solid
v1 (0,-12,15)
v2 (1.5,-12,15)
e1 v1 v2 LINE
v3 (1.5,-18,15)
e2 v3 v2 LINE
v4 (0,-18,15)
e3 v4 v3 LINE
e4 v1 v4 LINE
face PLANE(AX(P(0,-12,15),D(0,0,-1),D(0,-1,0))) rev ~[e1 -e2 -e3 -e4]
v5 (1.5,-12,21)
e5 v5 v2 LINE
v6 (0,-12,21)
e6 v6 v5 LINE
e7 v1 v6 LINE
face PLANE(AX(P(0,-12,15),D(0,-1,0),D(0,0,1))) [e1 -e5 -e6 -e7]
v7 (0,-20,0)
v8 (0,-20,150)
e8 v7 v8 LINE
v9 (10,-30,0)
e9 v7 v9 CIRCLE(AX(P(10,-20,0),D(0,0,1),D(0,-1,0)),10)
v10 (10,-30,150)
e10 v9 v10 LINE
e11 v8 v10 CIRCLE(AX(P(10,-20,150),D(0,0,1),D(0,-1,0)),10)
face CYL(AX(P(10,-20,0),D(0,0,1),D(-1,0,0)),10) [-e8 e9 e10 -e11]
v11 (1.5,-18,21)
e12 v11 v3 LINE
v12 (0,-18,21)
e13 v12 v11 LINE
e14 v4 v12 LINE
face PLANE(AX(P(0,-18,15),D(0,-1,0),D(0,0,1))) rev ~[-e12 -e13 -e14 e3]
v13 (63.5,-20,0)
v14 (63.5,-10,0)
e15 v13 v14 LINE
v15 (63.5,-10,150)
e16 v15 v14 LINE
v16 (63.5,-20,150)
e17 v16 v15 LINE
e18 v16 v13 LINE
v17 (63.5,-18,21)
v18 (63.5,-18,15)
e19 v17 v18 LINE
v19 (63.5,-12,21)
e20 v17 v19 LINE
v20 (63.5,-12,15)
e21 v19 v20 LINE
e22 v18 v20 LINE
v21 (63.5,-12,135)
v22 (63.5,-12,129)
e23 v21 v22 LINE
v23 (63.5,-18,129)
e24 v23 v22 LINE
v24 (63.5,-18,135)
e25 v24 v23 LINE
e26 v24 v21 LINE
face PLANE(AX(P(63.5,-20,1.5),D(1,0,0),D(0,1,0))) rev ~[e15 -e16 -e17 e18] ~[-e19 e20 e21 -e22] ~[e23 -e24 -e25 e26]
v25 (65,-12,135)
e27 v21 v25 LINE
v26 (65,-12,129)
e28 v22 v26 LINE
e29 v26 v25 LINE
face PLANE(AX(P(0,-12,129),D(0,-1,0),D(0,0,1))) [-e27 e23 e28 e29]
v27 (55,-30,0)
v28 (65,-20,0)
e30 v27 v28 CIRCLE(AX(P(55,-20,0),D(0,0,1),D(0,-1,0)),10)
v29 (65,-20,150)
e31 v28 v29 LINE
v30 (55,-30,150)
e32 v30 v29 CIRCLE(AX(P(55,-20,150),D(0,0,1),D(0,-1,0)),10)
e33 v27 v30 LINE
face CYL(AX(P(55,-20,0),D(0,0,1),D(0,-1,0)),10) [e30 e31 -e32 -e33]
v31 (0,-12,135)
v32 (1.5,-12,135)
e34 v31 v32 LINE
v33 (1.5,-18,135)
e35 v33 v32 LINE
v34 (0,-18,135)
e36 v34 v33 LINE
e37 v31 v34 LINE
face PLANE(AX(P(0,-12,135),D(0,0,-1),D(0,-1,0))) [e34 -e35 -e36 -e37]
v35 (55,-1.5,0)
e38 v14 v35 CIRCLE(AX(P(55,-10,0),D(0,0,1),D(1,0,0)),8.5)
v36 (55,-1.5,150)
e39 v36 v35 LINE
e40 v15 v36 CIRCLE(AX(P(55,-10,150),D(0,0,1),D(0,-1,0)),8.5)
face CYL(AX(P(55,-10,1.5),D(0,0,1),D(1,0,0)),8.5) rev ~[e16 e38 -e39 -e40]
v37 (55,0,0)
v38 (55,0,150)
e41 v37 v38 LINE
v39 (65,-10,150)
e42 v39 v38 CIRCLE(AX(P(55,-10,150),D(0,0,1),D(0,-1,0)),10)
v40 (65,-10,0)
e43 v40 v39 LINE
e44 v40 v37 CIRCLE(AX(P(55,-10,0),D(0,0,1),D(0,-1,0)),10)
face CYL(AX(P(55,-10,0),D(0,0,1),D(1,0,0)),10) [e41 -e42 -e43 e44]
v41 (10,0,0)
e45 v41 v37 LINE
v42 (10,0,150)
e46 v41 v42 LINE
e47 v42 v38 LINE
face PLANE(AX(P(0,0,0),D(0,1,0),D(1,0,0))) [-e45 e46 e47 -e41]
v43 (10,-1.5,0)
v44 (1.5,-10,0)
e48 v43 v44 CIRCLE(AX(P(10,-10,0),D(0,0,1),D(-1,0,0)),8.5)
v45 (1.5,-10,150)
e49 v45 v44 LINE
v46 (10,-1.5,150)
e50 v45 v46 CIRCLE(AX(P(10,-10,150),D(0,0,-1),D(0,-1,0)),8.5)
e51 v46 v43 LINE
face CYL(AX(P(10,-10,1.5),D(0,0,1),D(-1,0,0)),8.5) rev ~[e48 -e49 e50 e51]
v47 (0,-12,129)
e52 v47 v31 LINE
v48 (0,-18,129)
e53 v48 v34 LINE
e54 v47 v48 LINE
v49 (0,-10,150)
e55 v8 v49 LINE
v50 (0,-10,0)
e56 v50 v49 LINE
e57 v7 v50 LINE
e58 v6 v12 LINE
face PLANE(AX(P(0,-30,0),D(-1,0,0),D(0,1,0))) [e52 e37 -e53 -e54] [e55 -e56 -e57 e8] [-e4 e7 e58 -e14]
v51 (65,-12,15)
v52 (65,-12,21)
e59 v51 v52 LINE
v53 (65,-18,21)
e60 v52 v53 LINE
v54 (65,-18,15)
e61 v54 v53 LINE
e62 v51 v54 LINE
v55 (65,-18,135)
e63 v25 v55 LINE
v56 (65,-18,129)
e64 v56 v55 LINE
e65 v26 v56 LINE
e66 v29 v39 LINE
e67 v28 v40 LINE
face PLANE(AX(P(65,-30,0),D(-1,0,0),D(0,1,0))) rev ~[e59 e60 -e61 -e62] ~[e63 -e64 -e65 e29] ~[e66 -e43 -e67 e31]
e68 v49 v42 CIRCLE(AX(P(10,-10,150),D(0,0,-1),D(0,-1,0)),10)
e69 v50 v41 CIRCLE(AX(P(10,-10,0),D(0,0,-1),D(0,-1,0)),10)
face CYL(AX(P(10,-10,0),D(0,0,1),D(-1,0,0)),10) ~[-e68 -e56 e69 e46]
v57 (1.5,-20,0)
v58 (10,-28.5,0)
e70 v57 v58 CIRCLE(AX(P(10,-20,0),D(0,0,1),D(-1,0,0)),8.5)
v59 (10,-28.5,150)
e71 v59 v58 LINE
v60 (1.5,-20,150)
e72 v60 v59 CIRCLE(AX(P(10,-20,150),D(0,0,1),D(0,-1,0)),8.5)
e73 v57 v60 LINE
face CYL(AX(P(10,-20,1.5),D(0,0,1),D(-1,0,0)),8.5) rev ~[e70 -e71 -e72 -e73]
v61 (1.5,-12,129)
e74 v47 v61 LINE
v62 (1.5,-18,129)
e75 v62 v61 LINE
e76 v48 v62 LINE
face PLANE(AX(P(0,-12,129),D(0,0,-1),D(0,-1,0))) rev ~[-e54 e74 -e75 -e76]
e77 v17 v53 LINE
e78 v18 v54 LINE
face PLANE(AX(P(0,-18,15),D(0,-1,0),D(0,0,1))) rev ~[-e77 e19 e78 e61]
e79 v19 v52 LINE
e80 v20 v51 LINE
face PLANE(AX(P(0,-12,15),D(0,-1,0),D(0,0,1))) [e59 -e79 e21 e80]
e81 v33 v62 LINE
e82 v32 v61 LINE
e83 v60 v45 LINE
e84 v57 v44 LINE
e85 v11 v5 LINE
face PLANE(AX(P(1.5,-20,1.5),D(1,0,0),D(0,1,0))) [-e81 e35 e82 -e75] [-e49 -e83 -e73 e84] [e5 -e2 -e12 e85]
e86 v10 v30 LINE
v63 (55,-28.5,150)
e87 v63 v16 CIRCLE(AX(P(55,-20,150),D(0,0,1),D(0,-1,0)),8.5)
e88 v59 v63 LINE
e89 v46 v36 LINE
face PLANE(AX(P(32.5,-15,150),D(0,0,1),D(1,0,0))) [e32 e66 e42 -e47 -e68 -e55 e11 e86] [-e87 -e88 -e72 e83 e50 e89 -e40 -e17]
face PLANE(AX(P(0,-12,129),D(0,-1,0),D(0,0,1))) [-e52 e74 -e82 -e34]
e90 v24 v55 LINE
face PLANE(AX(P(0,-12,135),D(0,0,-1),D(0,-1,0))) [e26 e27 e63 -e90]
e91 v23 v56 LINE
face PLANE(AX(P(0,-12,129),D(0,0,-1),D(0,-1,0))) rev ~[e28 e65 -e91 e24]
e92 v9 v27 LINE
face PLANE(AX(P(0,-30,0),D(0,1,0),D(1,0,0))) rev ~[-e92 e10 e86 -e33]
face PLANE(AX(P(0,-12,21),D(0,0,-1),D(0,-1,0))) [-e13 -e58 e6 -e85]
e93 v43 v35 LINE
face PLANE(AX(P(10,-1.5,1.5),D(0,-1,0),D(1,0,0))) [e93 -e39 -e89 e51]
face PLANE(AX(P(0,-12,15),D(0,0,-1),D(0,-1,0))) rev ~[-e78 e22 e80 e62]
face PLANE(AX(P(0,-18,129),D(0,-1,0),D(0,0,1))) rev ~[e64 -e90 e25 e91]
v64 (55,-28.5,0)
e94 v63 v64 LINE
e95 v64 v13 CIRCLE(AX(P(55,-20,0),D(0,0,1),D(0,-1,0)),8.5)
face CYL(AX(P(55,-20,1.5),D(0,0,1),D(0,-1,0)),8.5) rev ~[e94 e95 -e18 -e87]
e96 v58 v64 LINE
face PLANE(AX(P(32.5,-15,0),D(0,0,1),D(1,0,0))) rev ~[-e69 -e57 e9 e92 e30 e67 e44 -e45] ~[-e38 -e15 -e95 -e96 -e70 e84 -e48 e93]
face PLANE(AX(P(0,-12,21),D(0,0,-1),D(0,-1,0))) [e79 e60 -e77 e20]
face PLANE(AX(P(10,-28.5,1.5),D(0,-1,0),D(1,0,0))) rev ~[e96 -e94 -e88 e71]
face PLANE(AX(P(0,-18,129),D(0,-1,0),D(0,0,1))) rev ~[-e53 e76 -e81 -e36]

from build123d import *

# Parameters (mm, degrees)
F0_W     = 65
F0_H     = 30
F1_DEPTH = 150
F2_R     = 10
F3_T     = -1.5
F4_DEPTH = 1.5
F5_W     = 6
F5_H     = 6
F6_DEPTH = 65.001


with BuildPart() as f1:
    # F0 (on Top) → F1 (new body)
    with BuildSketch(Plane.XY):
        with Locations((32.5, -15)):
            Rectangle(F0_W, F0_H)
    extrude(amount=F1_DEPTH)

    # F2
    f2_edges = [f1.edges().sort_by_distance(p)[0] for p in [
        (65, 0, 75),
        (65, -30, 75),
        (0, 0, 75),
        (0, -30, 75),
    ]]
    fillet(f2_edges, radius=F2_R)

    # F3
    f3_openings = [f1.faces().sort_by_distance(p)[0] for p in [
        (32.5, -15, 150),
    ]]
    offset(amount=F3_T, openings=f3_openings)

    # F4 (cut, through all): a face of the model
    f4_faces = [f1.faces().sort_by_distance(p)[0] for p in [
        (32.5, -15, 1.5),
    ]]
    extrude(f4_faces, amount=-F4_DEPTH, mode=Mode.SUBTRACT)

    # F5 (on face) → F6 (cut, through all)
    with BuildSketch(Plane(origin=(0, 0, 0), x_dir=(0, -1, 0), z_dir=(-1, 0, 0))):
        with Locations((15, 18)):
            Rectangle(F5_W, F5_H)
        with Locations((15, 132)):
            Rectangle(F5_W, F5_H)
    extrude(amount=-F6_DEPTH, mode=Mode.SUBTRACT)


solid = f1.part
